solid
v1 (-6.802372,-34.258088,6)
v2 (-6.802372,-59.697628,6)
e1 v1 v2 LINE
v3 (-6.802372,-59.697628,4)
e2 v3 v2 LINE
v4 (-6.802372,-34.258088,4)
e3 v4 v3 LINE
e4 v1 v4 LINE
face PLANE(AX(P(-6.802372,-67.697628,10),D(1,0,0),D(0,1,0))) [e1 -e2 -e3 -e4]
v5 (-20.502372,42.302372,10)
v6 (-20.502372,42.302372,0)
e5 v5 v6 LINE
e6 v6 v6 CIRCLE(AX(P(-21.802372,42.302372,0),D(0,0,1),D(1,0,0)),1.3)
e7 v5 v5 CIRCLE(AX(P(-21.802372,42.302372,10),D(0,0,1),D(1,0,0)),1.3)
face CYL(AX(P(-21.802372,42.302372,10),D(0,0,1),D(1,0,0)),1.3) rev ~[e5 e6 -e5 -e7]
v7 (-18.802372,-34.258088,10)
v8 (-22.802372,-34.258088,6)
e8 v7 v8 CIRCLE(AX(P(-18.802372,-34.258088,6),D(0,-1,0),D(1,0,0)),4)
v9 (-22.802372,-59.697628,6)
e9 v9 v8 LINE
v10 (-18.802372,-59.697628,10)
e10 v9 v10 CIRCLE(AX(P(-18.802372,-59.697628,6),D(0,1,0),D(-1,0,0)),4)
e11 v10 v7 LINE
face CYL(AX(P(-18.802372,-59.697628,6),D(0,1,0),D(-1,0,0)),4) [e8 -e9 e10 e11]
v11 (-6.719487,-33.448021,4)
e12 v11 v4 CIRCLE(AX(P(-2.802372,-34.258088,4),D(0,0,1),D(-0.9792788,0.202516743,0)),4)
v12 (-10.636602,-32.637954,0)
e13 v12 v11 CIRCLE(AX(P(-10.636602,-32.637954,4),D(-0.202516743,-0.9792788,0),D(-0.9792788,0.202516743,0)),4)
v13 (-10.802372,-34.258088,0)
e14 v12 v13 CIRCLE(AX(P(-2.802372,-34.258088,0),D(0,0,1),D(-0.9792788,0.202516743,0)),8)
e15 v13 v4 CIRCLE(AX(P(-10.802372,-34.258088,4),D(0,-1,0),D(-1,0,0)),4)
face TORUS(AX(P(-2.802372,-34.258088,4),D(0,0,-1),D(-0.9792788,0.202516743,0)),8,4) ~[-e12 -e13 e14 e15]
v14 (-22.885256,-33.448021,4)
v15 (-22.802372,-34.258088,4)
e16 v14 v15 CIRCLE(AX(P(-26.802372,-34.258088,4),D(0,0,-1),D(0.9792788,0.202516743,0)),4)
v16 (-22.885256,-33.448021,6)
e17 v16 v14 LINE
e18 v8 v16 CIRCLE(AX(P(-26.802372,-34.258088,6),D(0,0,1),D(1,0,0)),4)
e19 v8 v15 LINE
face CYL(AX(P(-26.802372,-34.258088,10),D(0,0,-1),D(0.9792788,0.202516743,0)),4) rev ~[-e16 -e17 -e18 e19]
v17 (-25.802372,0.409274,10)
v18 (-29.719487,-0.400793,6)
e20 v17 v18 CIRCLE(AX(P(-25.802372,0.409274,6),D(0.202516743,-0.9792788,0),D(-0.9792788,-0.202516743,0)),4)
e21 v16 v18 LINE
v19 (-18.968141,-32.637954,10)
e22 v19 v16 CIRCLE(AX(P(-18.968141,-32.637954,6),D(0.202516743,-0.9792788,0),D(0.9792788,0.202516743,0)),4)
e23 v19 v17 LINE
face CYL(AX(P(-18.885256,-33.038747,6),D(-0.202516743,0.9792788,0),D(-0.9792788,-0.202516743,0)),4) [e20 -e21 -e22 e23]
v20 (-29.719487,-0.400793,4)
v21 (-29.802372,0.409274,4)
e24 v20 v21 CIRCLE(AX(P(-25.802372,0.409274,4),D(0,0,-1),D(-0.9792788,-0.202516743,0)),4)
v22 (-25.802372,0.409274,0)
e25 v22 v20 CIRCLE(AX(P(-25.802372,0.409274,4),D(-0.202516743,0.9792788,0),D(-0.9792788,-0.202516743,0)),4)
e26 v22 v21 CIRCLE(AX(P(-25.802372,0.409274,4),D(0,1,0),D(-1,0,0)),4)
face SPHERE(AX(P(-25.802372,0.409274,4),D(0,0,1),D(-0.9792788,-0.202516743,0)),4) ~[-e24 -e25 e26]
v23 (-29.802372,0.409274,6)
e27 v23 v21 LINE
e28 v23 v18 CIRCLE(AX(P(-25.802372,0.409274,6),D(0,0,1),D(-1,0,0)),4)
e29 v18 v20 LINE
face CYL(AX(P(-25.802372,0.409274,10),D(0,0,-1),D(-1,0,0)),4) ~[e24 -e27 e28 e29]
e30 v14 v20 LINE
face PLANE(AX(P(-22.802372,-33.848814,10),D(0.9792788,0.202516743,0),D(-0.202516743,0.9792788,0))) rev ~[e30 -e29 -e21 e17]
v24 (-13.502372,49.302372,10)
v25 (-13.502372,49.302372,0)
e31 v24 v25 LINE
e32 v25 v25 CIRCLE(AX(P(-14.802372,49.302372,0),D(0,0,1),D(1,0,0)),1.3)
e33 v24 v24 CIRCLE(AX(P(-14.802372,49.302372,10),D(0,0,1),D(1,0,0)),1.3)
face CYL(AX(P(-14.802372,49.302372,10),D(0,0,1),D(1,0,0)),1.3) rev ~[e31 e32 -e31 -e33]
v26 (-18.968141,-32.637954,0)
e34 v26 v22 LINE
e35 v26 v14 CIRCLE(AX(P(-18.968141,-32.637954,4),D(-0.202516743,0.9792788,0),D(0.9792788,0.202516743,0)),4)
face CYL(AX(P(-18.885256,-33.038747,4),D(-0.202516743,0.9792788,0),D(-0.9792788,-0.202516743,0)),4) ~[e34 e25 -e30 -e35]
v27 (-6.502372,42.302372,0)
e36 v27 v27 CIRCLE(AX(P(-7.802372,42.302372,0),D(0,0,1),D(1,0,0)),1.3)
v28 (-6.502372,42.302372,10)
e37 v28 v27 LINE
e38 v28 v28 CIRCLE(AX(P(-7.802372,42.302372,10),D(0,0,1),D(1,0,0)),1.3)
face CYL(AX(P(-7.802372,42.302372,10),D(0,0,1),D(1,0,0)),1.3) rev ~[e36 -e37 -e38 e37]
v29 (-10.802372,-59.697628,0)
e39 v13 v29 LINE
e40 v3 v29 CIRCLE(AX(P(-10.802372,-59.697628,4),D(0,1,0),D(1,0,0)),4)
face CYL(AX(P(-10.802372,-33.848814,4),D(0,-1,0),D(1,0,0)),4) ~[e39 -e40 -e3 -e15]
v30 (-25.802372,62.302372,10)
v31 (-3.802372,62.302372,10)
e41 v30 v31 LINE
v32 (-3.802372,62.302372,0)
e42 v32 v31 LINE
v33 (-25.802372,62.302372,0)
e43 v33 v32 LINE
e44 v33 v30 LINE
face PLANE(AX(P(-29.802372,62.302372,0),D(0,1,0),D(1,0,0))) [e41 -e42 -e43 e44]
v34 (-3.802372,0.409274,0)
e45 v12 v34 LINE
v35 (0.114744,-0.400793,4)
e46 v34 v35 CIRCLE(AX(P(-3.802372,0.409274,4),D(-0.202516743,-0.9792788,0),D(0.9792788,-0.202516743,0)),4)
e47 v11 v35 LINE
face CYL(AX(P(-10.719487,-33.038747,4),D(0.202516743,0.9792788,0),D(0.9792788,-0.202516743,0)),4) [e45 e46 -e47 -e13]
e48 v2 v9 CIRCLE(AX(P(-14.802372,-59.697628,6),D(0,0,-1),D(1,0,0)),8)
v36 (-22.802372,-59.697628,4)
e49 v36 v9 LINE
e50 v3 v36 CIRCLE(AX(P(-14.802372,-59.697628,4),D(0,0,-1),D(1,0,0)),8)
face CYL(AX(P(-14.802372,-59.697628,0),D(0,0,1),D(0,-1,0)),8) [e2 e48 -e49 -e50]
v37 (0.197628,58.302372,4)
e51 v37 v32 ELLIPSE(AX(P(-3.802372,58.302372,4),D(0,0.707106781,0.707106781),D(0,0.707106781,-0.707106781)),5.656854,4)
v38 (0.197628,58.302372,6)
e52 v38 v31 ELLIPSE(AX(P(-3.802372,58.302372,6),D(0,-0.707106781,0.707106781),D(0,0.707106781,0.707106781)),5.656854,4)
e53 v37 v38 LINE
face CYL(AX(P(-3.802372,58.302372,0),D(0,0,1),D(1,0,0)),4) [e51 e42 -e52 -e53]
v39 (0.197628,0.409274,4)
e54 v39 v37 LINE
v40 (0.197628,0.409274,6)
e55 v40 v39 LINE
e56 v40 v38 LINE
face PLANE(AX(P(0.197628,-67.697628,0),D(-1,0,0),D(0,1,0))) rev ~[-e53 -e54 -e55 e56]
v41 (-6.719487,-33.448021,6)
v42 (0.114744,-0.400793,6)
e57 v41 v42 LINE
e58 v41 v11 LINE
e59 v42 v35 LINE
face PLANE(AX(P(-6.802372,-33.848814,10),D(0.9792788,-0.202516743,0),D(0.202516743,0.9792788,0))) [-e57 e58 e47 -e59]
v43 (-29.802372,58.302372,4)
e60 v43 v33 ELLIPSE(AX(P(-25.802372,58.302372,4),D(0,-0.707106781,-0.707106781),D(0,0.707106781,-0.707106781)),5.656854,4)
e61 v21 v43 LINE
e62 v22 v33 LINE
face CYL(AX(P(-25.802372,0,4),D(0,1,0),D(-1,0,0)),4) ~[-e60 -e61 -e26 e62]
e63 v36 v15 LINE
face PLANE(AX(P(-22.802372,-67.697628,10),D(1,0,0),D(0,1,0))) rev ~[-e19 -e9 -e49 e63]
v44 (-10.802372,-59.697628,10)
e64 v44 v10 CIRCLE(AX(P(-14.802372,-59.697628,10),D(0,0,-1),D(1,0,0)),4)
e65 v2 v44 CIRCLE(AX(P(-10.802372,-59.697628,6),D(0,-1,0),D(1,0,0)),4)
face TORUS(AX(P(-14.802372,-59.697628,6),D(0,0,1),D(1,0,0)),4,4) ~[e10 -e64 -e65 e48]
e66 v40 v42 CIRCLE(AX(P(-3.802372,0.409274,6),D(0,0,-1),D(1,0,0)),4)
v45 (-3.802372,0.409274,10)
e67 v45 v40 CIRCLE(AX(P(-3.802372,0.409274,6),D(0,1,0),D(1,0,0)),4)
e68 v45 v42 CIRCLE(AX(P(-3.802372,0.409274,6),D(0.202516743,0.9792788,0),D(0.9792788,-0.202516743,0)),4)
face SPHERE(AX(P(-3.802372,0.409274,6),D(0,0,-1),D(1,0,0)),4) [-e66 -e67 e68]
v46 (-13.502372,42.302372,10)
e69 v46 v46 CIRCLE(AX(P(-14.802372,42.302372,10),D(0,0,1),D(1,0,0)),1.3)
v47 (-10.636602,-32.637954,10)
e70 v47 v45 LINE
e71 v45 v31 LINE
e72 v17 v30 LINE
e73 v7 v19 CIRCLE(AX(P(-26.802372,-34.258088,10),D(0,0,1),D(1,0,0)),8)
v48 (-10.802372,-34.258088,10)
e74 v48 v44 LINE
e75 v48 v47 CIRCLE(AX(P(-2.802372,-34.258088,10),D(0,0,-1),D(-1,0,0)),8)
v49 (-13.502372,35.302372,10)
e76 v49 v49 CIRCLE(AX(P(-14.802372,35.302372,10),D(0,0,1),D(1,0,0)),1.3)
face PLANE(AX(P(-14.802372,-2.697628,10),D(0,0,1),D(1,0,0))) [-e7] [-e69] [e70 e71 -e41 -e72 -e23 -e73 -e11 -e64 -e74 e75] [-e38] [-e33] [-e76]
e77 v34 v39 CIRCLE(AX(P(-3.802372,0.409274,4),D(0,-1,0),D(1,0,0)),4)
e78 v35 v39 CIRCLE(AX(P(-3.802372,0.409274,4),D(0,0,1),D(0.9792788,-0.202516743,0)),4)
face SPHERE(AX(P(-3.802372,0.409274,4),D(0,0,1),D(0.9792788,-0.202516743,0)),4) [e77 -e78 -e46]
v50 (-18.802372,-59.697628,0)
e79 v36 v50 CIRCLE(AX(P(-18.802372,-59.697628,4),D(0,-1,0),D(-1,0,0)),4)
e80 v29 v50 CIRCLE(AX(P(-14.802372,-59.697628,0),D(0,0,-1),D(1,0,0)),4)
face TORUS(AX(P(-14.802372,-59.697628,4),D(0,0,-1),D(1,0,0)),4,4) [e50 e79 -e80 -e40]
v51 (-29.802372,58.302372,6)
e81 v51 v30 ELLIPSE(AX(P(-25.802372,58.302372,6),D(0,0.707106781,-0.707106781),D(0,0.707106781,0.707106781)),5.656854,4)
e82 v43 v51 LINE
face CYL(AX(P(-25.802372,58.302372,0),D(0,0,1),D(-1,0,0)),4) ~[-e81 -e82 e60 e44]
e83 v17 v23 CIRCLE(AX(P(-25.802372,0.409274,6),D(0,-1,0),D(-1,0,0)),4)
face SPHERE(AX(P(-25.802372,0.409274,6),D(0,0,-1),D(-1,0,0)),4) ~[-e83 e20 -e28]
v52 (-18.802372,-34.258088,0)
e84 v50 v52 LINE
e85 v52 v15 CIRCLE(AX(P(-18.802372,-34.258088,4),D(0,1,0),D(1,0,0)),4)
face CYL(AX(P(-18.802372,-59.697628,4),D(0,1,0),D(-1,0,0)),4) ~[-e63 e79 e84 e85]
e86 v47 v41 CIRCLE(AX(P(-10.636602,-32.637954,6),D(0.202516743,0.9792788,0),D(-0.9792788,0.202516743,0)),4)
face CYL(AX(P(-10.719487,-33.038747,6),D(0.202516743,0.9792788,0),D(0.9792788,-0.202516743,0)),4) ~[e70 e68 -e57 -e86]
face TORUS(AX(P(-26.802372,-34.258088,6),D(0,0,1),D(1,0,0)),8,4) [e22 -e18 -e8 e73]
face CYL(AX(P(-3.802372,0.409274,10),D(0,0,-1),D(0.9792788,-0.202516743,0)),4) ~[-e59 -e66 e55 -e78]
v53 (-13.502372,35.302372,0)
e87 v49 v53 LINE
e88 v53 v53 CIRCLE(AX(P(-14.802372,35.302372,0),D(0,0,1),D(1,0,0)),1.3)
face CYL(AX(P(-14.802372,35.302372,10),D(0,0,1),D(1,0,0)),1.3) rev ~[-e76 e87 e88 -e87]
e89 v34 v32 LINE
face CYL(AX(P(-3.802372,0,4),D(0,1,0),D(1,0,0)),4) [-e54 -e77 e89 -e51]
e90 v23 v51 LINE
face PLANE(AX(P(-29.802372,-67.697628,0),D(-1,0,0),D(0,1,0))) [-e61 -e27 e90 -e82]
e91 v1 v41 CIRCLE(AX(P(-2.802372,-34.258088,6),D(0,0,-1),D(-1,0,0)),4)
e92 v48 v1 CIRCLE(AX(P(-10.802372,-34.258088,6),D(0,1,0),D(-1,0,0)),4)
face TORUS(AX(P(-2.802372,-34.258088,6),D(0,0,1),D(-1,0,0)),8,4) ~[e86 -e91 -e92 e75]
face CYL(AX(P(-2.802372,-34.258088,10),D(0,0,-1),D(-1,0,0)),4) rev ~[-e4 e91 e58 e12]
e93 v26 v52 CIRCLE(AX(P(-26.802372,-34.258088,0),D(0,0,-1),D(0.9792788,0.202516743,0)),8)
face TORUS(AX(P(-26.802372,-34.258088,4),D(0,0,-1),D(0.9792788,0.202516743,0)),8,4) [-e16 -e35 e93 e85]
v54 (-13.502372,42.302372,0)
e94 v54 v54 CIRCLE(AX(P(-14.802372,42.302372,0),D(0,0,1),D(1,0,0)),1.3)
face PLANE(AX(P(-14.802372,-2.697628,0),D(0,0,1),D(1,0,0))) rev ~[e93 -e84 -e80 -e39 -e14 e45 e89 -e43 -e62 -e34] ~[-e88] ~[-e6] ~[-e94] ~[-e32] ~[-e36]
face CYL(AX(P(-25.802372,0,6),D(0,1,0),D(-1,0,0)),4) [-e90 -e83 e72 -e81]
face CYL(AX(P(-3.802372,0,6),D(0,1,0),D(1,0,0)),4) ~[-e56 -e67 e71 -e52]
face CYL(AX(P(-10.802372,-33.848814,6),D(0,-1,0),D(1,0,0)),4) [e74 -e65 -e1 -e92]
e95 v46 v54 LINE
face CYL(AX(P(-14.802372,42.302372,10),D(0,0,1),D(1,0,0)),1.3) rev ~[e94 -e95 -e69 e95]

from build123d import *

# Parameters (mm, degrees)
SKETCH2_W           = 30
SKETCH2_H           = 130
BOSS_EXTRUDE1_DEPTH = 10
CUT_EXTRUDE3_DEPTH  = 75.64013832
FILLET3_RADIUS      = 8
FILLET3_LENGTH      = 10
FILLET4_R           = 4
SKETCH3_R           = 1.3
CUT_EXTRUDE4_DEPTH  = 75.64013841


with BuildPart() as part:
    # Sketch2 → Boss-Extrude1 (new body)
    with BuildSketch(Plane.XY):
        with Locations((-14.802371542, -2.697628458)):
            Rectangle(SKETCH2_W, SKETCH2_H)
    extrude(amount=BOSS_EXTRUDE1_DEPTH)

    # Sketch6 → Cut-Extrude3 (cut, through all)
    with BuildSketch(Plane.XY.offset(10)):
        Polygon((-29.802371542, -67.697628458), (-22.802371542, -67.697628458), (-22.802371542, -33.848814229), (-29.802371542, 0), align=None)
        Polygon((0.197628458, -67.697628458), (-6.802371542, -67.697628458), (-6.802371542, -33.848814229), (0.197628458, 0), align=None)
    extrude(amount=-CUT_EXTRUDE3_DEPTH, mode=Mode.SUBTRACT)

    # Fillet3: full round fillet: the end face becomes a half cylinder, R = half its width
    fillet3_face = Plane((-14.802371542, -67.697628458, 5), x_dir=(0, 0, 1), z_dir=(0, -1, 0))  # on the end face: x along it, z out of the body
    fillet3_slab = fillet3_face.offset(-FILLET3_RADIUS / 2) * Box(FILLET3_LENGTH, 2 * FILLET3_RADIUS, FILLET3_RADIUS, mode=Mode.PRIVATE)  # the body's end, R deep
    fillet3_round = Plane((-14.802371542, -59.697628458, 5), x_dir=(0, -1, 0), z_dir=(0, 0, 1)) * Cylinder(FILLET3_RADIUS, FILLET3_LENGTH, mode=Mode.PRIVATE)  # its axis R under the face
    add(fillet3_slab - fillet3_round, mode=Mode.SUBTRACT)

    # Fillet4
    fillet4_edges = [part.edges().sort_by_distance(p)[0] for p in [
        (0.197628458, 31.151185771, 0),
        (0.197628458, 31.151185771, 10),
        (-3.302371542, -16.924407115, 10),
        (-6.802371542, -33.848814229, 5),
        (0.197628458, 0, 5),
        (-3.302371542, -16.924407115, 0),
        (-26.302371542, -16.924407115, 10),
        (-29.802371542, 0, 5),
        (-22.802371542, -33.848814229, 5),
        (-26.302371542, -16.924407115, 0),
        (-22.802371542, -46.773221344, 10),
        (-22.802371542, -46.773221344, 0),
        (-6.802371542, -46.773221344, 10),
        (-6.802371542, -46.773221344, 0),
        (-14.802371542, -67.697628458, 0),
        (-14.802371542, -67.697628458, 10),
        (-29.802371542, 31.151185771, 10),
        (-29.802371542, 31.151185771, 0),
        (-29.802371542, 62.302371542, 5),
        (0.197628458, 62.302371542, 5),
    ]]
    fillet(fillet4_edges, radius=FILLET4_R)

    # Sketch3 → Cut-Extrude4 (cut, through all)
    with BuildSketch(Plane.XY.offset(10)):
        with Locations((-21.802371542, 42.302371542)):
            Circle(SKETCH3_R)
        with Locations((-14.802371542, 49.302371542)):
            Circle(SKETCH3_R)
        with Locations((-7.802371542, 42.302371542)):
            Circle(SKETCH3_R)
        with Locations((-14.802371542, 35.302371542)):
            Circle(SKETCH3_R)
        with Locations((-14.802371542, 42.302371542)):
            Circle(SKETCH3_R)
    extrude(amount=-CUT_EXTRUDE4_DEPTH, mode=Mode.SUBTRACT)


solid = part.part
